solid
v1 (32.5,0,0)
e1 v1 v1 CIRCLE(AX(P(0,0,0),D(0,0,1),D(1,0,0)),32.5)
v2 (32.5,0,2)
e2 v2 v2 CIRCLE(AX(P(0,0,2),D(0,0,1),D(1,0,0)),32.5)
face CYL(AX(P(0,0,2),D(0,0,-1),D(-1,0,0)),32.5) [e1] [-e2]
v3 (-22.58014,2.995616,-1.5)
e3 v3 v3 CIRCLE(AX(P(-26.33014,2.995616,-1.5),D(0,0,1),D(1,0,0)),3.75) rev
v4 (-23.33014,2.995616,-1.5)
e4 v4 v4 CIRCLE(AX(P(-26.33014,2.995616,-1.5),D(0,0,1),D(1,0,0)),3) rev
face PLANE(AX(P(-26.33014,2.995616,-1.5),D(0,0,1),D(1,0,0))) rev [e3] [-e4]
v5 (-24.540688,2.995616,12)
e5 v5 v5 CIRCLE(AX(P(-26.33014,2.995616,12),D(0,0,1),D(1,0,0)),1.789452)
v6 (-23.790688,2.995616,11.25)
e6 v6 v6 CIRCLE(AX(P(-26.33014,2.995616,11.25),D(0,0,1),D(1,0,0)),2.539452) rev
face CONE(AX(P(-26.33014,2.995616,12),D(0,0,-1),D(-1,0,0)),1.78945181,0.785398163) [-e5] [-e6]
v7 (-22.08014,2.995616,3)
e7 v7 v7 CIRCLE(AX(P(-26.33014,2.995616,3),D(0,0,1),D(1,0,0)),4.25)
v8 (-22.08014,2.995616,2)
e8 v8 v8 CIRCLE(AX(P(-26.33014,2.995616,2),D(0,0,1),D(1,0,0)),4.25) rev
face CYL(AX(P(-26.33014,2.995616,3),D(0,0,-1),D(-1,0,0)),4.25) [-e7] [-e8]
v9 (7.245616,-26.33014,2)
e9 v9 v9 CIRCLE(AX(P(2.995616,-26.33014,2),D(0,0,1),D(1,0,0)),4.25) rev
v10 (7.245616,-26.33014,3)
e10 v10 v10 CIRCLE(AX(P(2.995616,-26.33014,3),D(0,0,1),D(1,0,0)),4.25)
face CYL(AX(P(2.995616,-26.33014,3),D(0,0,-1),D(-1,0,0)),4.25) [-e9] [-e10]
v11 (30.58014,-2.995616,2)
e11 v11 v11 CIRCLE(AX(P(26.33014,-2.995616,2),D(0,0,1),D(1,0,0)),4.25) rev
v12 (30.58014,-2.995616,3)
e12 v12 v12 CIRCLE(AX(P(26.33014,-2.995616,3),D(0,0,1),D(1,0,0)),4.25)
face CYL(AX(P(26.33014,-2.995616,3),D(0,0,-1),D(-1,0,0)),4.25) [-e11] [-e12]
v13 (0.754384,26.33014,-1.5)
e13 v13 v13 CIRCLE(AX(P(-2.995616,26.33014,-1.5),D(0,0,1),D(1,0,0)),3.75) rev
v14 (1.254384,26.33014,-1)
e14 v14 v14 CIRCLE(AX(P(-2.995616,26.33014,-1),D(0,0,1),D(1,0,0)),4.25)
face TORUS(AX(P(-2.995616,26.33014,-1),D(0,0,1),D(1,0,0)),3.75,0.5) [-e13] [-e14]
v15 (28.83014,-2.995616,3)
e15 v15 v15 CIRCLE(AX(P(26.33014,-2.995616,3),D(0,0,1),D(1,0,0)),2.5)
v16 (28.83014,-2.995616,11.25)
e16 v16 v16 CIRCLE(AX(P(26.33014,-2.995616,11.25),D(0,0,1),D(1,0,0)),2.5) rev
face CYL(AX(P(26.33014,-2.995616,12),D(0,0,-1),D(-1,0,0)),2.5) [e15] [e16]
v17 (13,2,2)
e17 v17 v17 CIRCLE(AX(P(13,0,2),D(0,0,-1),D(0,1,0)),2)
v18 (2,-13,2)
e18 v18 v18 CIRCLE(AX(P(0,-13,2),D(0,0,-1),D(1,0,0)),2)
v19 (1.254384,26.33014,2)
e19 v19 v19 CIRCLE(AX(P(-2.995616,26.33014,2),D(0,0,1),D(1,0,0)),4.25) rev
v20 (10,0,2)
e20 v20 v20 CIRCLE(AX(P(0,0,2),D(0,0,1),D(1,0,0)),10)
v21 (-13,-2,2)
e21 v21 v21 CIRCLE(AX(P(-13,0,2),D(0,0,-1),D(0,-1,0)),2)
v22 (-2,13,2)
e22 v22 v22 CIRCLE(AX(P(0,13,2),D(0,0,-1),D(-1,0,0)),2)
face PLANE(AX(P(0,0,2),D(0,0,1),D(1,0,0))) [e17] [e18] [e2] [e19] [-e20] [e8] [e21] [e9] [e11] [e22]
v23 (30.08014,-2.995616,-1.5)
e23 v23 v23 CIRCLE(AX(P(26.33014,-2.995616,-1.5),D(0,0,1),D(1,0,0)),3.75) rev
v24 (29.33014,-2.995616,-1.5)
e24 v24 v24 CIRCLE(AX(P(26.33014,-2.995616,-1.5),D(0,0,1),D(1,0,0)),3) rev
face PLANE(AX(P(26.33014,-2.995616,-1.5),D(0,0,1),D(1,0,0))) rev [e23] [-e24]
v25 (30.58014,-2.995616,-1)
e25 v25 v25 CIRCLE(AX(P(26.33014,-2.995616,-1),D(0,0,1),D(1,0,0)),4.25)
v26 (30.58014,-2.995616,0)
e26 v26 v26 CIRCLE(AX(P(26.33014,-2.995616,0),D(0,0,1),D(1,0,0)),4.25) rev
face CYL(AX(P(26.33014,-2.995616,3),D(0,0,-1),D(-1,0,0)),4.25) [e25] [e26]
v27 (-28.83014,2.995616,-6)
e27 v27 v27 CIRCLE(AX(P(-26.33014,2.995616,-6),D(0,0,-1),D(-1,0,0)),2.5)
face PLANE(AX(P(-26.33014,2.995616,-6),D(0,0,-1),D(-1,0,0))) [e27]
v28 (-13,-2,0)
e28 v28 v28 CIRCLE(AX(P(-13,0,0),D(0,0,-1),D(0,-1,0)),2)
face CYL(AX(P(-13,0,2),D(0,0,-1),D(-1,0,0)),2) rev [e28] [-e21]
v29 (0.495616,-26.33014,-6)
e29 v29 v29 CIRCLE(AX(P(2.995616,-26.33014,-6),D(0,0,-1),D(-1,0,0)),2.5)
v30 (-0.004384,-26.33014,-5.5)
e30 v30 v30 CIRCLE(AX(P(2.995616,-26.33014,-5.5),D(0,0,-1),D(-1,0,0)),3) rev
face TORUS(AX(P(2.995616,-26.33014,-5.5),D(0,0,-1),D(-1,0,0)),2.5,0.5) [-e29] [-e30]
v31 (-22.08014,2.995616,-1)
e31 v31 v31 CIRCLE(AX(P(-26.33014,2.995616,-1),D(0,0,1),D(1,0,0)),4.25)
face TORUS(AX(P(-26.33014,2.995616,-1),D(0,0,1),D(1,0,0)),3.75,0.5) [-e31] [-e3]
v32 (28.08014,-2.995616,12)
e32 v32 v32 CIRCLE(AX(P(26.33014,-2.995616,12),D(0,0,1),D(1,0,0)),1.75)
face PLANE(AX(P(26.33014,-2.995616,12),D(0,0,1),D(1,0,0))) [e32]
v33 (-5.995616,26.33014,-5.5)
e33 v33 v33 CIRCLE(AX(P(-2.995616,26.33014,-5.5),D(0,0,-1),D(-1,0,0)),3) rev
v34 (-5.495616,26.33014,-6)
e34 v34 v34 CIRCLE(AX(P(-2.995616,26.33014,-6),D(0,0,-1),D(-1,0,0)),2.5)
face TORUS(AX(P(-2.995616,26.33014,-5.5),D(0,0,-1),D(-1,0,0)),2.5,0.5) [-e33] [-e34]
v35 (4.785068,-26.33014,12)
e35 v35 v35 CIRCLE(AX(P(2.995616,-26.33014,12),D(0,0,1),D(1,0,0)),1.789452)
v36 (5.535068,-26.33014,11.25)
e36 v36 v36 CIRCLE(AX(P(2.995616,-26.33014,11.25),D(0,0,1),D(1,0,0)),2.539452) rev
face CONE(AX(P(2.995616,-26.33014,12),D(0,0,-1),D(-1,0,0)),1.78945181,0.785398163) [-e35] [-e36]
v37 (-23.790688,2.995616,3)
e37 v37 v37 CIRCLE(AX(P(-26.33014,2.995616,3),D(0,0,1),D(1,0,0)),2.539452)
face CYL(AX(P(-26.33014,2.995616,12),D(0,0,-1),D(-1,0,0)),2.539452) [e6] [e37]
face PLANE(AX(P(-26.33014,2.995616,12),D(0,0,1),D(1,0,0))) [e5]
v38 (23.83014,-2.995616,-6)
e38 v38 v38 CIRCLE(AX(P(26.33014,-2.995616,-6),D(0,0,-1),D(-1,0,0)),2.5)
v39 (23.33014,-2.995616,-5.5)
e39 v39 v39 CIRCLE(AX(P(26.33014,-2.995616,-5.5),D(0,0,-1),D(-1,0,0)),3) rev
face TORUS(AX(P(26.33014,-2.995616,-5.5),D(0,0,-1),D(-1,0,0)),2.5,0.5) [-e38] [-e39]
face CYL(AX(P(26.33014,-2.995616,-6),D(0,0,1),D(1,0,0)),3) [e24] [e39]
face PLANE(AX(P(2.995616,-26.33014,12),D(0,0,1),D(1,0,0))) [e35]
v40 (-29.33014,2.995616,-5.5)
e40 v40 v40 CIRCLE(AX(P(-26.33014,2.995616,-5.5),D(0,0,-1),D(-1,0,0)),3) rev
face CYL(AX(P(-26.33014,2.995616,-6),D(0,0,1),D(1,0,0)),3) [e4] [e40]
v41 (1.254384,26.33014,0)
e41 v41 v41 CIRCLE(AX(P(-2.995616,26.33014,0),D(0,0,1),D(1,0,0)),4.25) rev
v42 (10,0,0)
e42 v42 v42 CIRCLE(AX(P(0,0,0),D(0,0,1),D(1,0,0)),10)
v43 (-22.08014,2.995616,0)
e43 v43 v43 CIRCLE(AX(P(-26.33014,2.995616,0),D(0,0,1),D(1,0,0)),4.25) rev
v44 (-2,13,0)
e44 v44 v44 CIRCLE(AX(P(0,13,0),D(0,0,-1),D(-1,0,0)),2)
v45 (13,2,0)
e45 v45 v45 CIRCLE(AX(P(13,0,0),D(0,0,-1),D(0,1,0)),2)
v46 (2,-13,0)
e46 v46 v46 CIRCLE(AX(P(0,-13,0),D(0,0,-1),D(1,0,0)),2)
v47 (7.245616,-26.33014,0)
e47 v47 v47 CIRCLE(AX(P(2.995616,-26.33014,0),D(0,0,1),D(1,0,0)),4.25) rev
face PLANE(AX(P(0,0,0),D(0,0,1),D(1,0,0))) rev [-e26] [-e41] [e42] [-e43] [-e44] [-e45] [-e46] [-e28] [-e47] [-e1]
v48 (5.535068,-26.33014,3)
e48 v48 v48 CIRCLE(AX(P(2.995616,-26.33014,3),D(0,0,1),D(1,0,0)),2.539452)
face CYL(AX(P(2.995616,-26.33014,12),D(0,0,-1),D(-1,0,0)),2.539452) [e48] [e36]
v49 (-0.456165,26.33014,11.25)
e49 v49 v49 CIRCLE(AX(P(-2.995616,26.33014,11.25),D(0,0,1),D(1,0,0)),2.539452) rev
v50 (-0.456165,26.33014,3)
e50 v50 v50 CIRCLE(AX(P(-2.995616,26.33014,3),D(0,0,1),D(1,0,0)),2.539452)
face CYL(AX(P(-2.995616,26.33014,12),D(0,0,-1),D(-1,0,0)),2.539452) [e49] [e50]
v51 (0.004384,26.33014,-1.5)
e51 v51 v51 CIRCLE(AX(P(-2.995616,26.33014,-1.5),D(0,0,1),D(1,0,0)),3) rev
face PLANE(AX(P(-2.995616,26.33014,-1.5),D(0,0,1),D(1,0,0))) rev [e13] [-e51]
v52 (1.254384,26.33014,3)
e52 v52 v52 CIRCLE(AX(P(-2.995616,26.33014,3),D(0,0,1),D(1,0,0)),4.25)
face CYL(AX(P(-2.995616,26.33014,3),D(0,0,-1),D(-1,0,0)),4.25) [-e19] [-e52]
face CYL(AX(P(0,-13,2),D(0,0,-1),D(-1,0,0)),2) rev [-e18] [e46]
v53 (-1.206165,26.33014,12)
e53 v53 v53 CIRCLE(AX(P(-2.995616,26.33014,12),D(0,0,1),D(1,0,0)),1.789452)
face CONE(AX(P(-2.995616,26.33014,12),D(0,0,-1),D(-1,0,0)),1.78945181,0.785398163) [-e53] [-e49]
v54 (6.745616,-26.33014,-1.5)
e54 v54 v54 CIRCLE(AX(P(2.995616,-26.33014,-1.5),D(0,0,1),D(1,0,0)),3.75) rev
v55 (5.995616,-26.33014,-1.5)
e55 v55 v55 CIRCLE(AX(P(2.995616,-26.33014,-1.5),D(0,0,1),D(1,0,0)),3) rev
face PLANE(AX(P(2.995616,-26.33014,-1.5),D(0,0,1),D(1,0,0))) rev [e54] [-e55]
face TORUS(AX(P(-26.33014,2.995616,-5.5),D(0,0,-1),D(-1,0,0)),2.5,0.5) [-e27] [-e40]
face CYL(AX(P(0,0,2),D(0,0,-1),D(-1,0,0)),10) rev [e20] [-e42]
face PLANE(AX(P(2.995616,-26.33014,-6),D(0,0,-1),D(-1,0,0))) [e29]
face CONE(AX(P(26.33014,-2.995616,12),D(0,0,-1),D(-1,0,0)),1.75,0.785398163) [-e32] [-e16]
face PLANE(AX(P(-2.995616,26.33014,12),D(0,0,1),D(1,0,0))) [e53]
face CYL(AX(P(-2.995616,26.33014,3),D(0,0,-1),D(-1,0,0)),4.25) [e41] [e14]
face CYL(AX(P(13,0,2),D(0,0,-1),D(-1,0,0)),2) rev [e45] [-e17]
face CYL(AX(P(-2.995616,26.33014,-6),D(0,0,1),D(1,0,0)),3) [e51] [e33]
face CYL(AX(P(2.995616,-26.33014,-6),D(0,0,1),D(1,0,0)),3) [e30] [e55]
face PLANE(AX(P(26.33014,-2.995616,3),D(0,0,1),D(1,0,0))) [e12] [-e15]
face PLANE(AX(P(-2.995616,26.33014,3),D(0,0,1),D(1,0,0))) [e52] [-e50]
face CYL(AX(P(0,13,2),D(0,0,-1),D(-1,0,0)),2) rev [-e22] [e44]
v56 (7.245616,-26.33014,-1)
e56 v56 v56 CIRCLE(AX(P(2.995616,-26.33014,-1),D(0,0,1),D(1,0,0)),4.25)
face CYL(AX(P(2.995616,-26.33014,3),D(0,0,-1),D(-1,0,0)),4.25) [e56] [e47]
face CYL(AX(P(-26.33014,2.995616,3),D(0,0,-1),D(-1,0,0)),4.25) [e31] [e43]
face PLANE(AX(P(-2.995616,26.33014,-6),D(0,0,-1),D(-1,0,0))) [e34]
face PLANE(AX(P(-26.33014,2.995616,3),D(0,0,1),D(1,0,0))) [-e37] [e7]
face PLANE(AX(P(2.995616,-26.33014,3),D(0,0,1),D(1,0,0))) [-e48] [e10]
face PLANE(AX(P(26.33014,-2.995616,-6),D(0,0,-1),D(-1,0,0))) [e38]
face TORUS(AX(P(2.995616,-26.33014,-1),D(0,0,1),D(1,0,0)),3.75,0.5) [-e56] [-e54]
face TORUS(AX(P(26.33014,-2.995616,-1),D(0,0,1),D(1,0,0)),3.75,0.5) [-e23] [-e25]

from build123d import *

# Parameters (mm, degrees)
ESQUISSE1_R                  = 32.5
ESQUISSE1_R_2                = 10
EXTRUSION1_DEPTH             = 2
ESQUISSE2_R                  = 2
ENL_V_MAT_EXTRU_1_DEPTH      = 47.005434462
R_P_TITION_CIRCULAIRE1_COUNT = 4
EXTRUSION2_DEPTH             = 1
EXTRUSION2_DEPTH_BACK        = 3.5
ESQUISSE3_R                  = 4.25
ESQUISSE4_R                  = 3
EXTRUSION3_DEPTH             = 4.5
CONG_1_R                     = 0.5
ESQUISSE5_R                  = 2.53945181
ESQUISSE5_R_2                = 2.5
EXTRUSION4_DEPTH             = 9
CHANFREIN1_SIZE              = 0.75


with BuildPart() as part:
    # Esquisse1 → Extrusion1 (new body)
    with BuildSketch(Plane.XY):
        Circle(ESQUISSE1_R)
        Circle(ESQUISSE1_R_2, mode=Mode.SUBTRACT)
    extrude(amount=EXTRUSION1_DEPTH)

    # Esquisse2 → Enlèv. mat.-Extru.1 (cut, through all)
    with BuildSketch(Plane(origin=(0, 0, 0), x_dir=(-1, 0, 0), z_dir=(0, 0, -1))):
        with Locations((0, 13)):
            Circle(ESQUISSE2_R)
    enl_v_mat_extru_1 = extrude(amount=-ENL_V_MAT_EXTRU_1_DEPTH, mode=Mode.SUBTRACT)

    # Répétition circulaire1: Enlèv. mat.-Extru.1 ×4 about axis
    r_p_tition_circulaire1_axis = Axis((0, 0, 2), (0, 0, -1))
    for i in range(1, R_P_TITION_CIRCULAIRE1_COUNT):
        add(enl_v_mat_extru_1.rotate(r_p_tition_circulaire1_axis, i * 360 / R_P_TITION_CIRCULAIRE1_COUNT), mode=Mode.SUBTRACT)

    # Esquisse3 → Extrusion2 (add, two sides: drawn at the far end of the back side and taken through both)
    with BuildSketch(Plane.XY.offset(2).offset(-EXTRUSION2_DEPTH_BACK)):
        with Locations((-2.995616409, 26.330140188)):
            Circle(ESQUISSE3_R)
        with Locations((-26.330140188, 2.995616409)):
            Circle(ESQUISSE3_R)
        with Locations((2.995616409, -26.330140188)):
            Circle(ESQUISSE3_R)
        with Locations((26.330140188, -2.995616409)):
            Circle(ESQUISSE3_R)
    extrude(amount=EXTRUSION2_DEPTH + EXTRUSION2_DEPTH_BACK)

    # Esquisse4 → Extrusion3 (add)
    with BuildSketch(Plane(origin=(0, 0, -1.5), x_dir=(-1, 0, 0), z_dir=(0, 0, -1))):
        with Locations((2.995616409, 26.330140188)):
            Circle(ESQUISSE4_R)
        with Locations((-26.330140188, -2.995616409)):
            Circle(ESQUISSE4_R)
        with Locations((-2.995616409, -26.330140188)):
            Circle(ESQUISSE4_R)
        with Locations((26.330140188, 2.995616409)):
            Circle(ESQUISSE4_R)
    extrude(amount=EXTRUSION3_DEPTH)

    # Congé1
    cong_1_edges = [part.edges().sort_by_distance(p)[0] for p in [
        (-23.330140188, 2.995616409, -6),
        (5.995616409, -26.330140188, -6),
        (29.330140188, -2.995616409, -6),
        (0.004383591, 26.330140188, -6),
        (-1.254383591, -26.330140188, -1.5),
        (-30.580140188, 2.995616409, -1.5),
        (-7.245616409, 26.330140188, -1.5),
        (22.080140188, -2.995616409, -1.5),
    ]]
    fillet(cong_1_edges, radius=CONG_1_R)

    # Esquisse5 → Extrusion4 (add)
    with BuildSketch(Plane.XY.offset(3)):
        with Locations((-2.995616409, 26.330140188)):
            Circle(ESQUISSE5_R)
        with Locations((26.330140188, -2.995616409)):
            Circle(ESQUISSE5_R_2)
        with Locations((-26.330140188, 2.995616409)):
            Circle(ESQUISSE5_R)
        with Locations((2.995616409, -26.330140188)):
            Circle(ESQUISSE5_R)
    extrude(amount=EXTRUSION4_DEPTH)

    # Chanfrein1
    chanfrein1_edges = [part.edges().sort_by_distance(p)[0] for p in [
        (-28.869591998, 2.995616409, 12),
        (0.456164599, -26.330140188, 12),
        (23.830140188, -2.995616409, 12),
        (-5.535068219, 26.330140188, 12),
    ]]
    chamfer(chanfrein1_edges, length=CHANFREIN1_SIZE)


solid = part.part
